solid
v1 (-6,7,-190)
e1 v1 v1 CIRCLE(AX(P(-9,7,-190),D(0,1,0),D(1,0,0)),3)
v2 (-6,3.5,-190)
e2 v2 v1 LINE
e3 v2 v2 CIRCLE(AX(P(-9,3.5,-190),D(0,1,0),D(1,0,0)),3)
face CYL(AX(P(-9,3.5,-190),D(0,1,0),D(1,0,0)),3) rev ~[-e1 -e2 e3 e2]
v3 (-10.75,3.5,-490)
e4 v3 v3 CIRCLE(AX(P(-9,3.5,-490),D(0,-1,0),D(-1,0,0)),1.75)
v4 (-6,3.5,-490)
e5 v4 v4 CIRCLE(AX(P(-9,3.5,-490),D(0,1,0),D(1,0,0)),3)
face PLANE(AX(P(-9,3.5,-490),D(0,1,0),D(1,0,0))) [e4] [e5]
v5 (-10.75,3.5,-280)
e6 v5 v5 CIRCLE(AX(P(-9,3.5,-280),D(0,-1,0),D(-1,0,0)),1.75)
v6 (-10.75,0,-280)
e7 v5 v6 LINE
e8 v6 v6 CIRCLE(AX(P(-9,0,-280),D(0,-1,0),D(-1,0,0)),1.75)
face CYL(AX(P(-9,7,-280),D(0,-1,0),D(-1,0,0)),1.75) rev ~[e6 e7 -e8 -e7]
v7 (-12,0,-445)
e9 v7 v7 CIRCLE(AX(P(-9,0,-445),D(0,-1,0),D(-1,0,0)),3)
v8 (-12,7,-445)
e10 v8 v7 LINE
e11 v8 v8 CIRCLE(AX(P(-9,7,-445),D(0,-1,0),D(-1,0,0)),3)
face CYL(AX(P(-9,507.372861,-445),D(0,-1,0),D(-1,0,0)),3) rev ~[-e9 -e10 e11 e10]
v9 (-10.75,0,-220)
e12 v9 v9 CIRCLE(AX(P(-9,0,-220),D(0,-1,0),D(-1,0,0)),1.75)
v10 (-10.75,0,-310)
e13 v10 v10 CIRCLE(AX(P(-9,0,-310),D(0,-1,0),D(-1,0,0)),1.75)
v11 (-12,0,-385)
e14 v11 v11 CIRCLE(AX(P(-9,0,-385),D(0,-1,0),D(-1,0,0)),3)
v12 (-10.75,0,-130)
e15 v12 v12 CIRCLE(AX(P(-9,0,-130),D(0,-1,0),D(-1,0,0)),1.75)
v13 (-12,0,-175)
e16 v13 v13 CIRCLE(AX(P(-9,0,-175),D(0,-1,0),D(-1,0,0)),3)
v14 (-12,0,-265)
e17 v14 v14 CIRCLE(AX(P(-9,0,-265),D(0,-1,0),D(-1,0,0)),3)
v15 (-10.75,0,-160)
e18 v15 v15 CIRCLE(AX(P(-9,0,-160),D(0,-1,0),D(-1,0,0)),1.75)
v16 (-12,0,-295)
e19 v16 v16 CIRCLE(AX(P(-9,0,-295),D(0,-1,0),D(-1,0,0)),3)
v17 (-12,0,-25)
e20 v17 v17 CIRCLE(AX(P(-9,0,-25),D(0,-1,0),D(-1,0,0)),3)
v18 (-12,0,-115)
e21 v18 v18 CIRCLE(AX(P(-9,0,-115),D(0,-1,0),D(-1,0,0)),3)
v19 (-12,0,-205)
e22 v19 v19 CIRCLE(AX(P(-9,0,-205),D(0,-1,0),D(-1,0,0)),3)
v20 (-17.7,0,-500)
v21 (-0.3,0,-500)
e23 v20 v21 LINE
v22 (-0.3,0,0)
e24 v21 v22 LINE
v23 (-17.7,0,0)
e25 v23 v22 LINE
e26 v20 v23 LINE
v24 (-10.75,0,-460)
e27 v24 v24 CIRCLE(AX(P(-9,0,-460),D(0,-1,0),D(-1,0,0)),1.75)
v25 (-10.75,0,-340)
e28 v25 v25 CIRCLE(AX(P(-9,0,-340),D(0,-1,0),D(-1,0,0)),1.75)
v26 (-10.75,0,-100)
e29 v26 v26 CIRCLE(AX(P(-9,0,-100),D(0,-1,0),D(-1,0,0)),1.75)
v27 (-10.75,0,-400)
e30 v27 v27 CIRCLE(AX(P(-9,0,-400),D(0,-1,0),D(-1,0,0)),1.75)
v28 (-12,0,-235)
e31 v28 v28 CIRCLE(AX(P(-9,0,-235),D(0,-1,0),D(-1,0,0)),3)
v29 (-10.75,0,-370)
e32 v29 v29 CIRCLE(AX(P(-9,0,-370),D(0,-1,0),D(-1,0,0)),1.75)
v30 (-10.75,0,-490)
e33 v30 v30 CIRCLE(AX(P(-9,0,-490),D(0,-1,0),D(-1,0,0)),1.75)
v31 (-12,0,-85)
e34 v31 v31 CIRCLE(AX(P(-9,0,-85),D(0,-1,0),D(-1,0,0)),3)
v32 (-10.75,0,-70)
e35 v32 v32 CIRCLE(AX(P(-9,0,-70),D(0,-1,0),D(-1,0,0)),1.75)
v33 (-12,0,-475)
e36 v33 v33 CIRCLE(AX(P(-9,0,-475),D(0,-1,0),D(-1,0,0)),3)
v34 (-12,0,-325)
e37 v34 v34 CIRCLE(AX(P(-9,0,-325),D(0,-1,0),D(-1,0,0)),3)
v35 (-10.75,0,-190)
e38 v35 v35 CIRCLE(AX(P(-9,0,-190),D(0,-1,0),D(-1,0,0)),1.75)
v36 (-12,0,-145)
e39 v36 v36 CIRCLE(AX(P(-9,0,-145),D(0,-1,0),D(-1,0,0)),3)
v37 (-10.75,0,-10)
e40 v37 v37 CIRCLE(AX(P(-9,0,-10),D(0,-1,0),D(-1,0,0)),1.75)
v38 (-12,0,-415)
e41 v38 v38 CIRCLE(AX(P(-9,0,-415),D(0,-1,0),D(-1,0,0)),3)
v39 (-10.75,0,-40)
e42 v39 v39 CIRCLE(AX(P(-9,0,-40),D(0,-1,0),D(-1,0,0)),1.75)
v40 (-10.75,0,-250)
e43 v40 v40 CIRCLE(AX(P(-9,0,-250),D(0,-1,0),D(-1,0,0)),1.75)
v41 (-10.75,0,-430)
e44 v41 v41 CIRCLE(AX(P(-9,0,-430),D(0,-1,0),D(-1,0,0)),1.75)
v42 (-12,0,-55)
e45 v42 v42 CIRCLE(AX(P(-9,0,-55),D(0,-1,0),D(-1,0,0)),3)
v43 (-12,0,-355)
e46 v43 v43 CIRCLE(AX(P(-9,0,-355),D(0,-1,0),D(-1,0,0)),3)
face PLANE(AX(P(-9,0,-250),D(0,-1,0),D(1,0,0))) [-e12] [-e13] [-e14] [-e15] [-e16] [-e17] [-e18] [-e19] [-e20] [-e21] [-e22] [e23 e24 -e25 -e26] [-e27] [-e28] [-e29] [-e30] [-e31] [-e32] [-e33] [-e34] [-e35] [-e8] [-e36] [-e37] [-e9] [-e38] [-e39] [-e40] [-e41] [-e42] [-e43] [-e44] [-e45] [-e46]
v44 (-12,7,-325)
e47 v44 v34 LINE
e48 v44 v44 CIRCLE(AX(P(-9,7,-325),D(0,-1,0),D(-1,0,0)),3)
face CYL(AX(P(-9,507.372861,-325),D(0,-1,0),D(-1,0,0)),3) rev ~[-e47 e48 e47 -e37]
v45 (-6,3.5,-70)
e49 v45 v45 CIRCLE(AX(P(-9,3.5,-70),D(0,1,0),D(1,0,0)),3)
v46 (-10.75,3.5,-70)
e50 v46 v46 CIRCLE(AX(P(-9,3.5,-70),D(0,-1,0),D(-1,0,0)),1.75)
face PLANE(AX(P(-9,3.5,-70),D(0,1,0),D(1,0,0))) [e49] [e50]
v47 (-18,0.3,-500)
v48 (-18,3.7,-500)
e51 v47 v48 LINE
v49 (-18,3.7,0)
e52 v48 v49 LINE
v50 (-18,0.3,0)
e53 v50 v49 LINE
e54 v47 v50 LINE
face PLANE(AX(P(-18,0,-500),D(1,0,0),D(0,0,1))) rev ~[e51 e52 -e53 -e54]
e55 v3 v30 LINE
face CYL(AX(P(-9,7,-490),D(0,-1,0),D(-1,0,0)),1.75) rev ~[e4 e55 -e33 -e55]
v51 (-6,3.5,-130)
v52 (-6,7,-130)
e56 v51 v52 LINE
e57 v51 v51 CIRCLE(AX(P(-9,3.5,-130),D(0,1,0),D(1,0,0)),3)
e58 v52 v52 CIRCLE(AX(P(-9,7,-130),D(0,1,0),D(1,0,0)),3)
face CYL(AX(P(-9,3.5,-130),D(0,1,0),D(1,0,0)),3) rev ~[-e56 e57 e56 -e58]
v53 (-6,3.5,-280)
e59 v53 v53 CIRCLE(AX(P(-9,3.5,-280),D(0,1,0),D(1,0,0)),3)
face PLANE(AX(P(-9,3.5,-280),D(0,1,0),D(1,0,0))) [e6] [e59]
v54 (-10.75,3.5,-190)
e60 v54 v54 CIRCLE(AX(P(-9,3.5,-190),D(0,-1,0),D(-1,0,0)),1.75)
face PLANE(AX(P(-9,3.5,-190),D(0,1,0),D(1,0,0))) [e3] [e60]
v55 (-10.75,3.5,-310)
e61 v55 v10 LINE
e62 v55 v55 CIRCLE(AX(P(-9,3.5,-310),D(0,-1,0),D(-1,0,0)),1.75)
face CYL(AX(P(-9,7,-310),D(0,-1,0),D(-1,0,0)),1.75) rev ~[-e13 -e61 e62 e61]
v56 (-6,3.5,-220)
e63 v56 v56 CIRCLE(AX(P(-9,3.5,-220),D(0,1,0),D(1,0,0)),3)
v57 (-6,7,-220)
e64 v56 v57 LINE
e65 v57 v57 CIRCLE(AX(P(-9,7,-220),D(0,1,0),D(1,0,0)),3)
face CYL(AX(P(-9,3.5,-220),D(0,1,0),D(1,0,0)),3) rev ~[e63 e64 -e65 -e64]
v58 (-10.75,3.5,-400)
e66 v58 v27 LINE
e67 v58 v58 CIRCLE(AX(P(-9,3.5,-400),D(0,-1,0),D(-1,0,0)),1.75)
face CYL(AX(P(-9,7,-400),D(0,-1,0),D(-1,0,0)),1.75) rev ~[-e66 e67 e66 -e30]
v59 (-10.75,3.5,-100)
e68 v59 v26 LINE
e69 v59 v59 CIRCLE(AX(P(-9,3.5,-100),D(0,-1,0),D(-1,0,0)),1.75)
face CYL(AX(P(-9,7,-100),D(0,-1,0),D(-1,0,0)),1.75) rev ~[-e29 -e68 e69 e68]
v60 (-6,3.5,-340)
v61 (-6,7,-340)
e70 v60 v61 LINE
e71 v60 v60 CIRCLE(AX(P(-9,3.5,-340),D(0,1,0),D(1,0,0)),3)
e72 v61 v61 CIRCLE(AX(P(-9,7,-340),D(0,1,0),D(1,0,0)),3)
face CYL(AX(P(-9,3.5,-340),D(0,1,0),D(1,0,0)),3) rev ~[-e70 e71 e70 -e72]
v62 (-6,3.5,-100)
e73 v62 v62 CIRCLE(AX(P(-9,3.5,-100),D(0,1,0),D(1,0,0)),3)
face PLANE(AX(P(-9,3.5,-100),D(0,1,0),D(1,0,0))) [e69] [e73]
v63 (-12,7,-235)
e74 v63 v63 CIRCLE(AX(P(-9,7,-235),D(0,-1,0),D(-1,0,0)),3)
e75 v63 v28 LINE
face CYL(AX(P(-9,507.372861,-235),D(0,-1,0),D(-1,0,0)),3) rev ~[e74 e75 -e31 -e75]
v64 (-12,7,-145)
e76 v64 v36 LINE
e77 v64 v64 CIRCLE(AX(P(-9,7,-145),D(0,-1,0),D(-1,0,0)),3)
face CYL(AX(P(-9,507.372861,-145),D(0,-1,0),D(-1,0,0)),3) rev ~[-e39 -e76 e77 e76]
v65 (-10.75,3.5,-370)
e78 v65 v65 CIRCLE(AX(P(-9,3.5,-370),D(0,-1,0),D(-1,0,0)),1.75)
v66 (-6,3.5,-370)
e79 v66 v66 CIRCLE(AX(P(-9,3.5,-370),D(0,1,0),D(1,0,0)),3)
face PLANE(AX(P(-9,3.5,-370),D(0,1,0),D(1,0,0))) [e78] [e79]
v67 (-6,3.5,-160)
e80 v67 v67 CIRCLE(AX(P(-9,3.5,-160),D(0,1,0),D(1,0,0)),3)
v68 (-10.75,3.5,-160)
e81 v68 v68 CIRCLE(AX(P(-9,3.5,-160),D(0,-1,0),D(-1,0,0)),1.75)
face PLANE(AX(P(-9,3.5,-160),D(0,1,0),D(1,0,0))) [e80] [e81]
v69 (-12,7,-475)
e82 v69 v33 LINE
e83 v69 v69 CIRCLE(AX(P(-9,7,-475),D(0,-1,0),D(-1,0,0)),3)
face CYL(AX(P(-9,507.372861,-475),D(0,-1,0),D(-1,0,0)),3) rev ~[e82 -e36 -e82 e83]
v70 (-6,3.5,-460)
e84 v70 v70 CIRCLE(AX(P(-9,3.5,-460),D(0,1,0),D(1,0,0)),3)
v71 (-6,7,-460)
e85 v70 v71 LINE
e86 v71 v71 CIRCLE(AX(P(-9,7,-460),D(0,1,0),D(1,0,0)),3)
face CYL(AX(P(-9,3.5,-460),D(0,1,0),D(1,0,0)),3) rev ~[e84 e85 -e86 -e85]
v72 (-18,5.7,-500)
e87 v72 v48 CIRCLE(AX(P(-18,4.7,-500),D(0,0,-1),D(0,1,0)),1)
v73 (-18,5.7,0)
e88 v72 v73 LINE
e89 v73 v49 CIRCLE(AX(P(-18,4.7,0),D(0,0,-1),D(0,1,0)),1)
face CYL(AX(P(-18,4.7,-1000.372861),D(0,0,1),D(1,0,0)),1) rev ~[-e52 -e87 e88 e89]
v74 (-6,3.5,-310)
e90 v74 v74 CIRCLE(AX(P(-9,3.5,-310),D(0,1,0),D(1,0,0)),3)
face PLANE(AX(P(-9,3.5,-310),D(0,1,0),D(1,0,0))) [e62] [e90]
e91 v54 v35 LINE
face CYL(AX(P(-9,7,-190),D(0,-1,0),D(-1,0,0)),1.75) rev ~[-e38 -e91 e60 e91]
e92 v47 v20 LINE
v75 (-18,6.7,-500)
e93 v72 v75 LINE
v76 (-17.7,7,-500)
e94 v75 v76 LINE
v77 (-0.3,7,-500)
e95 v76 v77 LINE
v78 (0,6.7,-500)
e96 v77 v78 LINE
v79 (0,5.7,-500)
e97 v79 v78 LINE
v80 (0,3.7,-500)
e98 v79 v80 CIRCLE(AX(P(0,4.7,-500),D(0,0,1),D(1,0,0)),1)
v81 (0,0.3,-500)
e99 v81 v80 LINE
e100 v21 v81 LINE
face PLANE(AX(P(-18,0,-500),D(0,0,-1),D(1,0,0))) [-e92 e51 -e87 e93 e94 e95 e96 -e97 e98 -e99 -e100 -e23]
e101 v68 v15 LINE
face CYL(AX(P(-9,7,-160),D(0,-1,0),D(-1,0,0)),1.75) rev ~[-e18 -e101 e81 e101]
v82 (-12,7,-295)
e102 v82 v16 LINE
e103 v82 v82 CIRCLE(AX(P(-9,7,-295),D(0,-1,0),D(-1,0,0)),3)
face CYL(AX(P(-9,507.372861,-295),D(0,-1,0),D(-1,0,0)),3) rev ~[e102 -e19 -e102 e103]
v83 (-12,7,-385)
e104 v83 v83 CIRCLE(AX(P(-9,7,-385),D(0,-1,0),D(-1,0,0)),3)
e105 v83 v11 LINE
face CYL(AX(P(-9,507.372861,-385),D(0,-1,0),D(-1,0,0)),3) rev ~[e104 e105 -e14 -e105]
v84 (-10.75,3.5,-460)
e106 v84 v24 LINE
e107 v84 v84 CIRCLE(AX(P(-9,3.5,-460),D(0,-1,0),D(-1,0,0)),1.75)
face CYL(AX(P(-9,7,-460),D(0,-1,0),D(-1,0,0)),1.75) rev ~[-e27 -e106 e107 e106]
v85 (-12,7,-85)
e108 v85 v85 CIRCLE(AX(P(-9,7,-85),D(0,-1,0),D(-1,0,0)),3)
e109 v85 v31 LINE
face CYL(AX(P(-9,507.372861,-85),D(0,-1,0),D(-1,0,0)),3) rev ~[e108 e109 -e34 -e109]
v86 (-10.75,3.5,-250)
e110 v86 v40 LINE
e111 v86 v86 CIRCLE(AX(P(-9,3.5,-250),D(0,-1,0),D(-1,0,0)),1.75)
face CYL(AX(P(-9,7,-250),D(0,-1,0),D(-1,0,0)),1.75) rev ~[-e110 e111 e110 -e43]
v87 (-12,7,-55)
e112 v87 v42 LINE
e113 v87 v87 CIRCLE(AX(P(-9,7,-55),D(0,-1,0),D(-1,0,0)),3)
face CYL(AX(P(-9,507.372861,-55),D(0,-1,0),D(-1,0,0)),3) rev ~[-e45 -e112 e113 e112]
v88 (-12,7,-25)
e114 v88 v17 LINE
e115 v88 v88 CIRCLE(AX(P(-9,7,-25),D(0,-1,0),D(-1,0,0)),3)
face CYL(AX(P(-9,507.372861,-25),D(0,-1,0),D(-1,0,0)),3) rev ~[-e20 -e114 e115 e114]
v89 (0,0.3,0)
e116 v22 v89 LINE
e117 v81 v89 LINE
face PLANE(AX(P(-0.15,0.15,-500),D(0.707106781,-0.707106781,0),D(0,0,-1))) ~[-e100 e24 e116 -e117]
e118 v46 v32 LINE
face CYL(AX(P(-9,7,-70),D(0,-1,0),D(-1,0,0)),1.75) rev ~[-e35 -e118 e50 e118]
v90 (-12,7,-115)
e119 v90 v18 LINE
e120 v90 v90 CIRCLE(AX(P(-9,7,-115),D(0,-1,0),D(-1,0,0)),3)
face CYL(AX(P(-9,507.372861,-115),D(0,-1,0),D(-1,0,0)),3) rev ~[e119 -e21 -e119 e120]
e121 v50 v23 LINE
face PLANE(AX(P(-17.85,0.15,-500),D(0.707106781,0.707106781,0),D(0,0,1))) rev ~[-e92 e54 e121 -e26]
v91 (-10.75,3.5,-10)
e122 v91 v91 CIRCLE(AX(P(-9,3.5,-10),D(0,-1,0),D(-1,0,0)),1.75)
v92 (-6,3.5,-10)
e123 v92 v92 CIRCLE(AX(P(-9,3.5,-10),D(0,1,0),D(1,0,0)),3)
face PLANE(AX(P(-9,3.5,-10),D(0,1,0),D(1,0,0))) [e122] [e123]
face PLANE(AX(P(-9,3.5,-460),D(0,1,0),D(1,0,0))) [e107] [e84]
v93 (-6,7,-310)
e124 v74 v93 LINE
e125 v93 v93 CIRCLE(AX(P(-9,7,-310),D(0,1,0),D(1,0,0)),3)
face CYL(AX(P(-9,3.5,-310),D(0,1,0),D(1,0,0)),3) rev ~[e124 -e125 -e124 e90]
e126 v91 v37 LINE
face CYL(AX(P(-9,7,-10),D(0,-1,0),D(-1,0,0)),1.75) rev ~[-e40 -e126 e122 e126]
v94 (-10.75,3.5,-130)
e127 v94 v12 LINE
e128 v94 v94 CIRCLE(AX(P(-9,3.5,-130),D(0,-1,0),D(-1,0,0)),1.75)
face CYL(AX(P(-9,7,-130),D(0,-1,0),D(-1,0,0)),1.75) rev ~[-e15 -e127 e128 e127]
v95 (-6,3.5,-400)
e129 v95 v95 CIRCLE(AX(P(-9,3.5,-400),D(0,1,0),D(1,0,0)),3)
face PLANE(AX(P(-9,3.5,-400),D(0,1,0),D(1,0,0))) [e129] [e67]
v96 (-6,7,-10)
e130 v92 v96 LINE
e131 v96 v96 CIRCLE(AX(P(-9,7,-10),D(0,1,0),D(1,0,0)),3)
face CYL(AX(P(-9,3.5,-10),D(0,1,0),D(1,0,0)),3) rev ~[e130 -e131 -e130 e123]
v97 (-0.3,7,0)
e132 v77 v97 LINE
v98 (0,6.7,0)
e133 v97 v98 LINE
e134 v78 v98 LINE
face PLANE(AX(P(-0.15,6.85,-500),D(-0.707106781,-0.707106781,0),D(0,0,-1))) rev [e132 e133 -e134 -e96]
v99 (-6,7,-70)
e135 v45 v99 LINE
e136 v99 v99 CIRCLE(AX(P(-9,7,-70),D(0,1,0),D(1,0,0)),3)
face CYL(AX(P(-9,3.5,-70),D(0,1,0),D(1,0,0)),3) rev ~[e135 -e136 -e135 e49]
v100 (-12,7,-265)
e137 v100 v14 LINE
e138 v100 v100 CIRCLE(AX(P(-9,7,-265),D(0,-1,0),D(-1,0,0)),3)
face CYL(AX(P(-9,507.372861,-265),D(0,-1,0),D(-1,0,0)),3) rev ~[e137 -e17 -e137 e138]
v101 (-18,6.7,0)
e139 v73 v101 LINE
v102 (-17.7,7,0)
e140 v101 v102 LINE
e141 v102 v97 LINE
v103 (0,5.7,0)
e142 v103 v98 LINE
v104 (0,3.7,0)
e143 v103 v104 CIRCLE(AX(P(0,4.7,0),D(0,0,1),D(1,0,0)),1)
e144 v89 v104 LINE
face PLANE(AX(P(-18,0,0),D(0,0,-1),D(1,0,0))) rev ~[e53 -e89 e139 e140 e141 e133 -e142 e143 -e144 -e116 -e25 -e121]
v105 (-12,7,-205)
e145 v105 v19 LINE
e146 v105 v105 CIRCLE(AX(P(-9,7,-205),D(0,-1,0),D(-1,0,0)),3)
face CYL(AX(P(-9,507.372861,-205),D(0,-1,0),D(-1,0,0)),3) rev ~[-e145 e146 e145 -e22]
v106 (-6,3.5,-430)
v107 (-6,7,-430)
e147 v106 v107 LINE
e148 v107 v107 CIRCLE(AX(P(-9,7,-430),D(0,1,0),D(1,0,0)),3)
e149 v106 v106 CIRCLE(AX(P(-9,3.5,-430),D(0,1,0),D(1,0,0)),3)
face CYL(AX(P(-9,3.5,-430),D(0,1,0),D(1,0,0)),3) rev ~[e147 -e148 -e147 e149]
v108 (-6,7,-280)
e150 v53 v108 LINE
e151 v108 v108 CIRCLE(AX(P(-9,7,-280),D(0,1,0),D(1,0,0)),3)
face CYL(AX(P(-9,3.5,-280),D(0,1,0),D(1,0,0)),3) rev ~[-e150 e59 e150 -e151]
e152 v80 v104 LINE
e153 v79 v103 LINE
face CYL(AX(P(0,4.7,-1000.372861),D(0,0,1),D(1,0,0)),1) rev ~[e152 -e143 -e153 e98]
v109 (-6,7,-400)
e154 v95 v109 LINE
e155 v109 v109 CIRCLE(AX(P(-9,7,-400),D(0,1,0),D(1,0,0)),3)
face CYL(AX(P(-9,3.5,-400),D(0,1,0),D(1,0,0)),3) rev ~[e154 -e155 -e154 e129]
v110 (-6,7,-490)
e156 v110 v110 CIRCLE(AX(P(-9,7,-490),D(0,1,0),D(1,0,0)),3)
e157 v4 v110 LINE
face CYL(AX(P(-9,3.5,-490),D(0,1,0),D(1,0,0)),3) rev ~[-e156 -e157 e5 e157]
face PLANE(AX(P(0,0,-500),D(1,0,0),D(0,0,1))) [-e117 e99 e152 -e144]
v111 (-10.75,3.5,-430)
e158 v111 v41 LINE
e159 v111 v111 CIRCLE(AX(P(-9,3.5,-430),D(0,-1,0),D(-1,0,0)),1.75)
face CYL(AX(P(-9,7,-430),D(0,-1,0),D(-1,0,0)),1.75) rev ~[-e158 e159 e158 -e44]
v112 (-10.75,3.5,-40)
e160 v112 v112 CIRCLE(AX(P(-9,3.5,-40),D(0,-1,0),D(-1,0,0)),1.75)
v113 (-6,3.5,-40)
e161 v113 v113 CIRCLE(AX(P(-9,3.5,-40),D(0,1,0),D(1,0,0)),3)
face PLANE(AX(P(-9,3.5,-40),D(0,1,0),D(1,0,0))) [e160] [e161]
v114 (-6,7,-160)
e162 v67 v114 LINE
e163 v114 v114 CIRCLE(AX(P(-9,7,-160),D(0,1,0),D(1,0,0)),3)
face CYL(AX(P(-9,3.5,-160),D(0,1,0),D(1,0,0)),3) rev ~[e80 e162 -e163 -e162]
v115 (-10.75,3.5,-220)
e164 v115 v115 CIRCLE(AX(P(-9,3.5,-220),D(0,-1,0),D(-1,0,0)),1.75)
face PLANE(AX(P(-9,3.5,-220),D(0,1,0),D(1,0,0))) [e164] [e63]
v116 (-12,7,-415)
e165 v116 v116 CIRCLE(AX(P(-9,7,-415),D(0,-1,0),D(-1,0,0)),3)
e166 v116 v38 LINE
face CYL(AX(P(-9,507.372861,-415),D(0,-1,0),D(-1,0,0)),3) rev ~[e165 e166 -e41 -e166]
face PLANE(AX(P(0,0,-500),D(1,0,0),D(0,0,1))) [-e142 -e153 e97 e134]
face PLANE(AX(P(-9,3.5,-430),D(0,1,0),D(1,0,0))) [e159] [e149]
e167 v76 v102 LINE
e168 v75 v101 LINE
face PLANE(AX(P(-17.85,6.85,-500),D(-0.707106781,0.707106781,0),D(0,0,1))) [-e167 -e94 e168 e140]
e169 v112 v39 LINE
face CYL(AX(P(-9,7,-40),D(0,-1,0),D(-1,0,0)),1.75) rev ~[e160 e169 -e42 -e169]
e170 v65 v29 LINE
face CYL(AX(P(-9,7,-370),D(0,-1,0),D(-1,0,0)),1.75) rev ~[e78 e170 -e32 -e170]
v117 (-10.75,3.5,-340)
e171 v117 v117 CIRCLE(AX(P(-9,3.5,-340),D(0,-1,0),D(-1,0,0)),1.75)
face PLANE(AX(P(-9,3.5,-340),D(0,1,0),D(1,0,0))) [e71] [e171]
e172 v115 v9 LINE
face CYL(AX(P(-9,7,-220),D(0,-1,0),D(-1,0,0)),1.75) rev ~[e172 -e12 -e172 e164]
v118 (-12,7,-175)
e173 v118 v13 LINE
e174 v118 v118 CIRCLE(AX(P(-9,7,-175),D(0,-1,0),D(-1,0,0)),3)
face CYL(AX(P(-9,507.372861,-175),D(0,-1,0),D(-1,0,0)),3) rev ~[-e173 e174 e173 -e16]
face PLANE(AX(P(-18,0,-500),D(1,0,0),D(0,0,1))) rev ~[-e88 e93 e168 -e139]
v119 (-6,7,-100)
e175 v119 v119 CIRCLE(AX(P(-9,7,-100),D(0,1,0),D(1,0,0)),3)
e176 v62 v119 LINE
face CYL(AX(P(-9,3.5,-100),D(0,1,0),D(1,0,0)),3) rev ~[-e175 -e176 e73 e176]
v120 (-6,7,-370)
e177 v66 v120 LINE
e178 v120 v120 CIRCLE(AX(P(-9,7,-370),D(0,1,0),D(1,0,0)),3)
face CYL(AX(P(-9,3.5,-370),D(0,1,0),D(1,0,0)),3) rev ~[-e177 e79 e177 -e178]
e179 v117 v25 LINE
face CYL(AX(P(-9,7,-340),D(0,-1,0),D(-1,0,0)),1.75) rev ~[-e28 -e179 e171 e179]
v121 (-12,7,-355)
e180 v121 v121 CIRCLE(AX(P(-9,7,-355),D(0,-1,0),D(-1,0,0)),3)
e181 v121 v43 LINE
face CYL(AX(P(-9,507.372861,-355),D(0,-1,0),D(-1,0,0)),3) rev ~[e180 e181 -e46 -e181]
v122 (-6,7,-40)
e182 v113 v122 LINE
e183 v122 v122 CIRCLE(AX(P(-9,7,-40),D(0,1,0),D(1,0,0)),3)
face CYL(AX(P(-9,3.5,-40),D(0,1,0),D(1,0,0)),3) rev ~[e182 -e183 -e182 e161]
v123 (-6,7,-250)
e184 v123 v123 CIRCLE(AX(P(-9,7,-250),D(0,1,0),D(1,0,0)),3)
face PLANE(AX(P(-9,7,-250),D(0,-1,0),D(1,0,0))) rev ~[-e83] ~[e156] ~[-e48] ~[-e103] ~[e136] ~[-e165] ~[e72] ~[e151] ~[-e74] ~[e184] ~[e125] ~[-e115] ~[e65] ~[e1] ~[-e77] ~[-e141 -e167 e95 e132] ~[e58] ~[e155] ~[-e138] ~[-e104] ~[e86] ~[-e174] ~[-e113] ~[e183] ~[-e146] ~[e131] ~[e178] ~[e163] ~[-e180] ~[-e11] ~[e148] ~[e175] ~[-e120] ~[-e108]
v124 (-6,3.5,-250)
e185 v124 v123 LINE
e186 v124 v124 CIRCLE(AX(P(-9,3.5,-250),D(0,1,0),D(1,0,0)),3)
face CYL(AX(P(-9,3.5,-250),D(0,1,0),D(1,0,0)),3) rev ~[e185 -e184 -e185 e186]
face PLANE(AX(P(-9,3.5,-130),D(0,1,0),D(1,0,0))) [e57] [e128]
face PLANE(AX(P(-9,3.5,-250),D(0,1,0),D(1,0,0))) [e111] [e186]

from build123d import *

# Parameters (mm, degrees)
ESBO_O1_W                                            = 18
ESBO_O1_H                                            = 500
RESSALTO_EXTRUS_O1_DEPTH                             = 7
FURO_DE_DI_METRO_2_0_2_1_D                           = 2
FURO_DE_DI_METRO_6_0_6_1_D                           = 6
REBAIXO_PARA_PARAFUSO_DE_M_QUINA_DE_CABE_D           = 3.5
REBAIXO_PARA_PARAFUSO_DE_M_QUINA_DE_CABE_CBORE_D     = 6
REBAIXO_PARA_PARAFUSO_DE_M_QUINA_DE_CABE_CBORE_DEPTH = 3.5
PADR_O_LINEAR1_COUNT                                 = 16
PADR_O_LINEAR1_PITCH                                 = 30
PADR_O_LINEAR2_COUNT                                 = 17
PADR_O_LINEAR2_PITCH                                 = 30
CHANFRO1_SIZE                                        = 0.3


with BuildPart() as part:
    # Esboço1 → Ressalto-extrusão1 (new body)
    with BuildSketch(Plane.XZ):
        with Locations((-9, -250)):
            Rectangle(ESBO_O1_W, ESBO_O1_H)
    extrude(amount=-RESSALTO_EXTRUS_O1_DEPTH)

    # Furo de diâmetro Ø2.0 (2)1 (through all)
    with Locations(Plane(origin=(0, 0, -500), x_dir=(-1, 0, 0), z_dir=(0, 0, -1))):
        with Locations((0, 4.7), (18, 4.7)):
            Hole(FURO_DE_DI_METRO_2_0_2_1_D / 2)

    # Furo de diâmetro Ø6.0 (6)1 (through all)
    with Locations(Plane(origin=(0, 7, 0), x_dir=(1, 0, 0), z_dir=(0, 1, 0))):
        with Locations((-9, 25)):
            furo_de_di_metro_6_0_6_1 = Hole(FURO_DE_DI_METRO_6_0_6_1_D / 2)

    # Rebaixo para parafuso de máquina de cabeça sextavada de M31 (through all)
    with Locations(Plane(origin=(0, 7, 0), x_dir=(1, 0, 0), z_dir=(0, 1, 0))):
        with Locations((-9, 10)):
            rebaixo_para_parafuso_de_m_quina_de_cabe = CounterBoreHole(REBAIXO_PARA_PARAFUSO_DE_M_QUINA_DE_CABE_D / 2, REBAIXO_PARA_PARAFUSO_DE_M_QUINA_DE_CABE_CBORE_D / 2, REBAIXO_PARA_PARAFUSO_DE_M_QUINA_DE_CABE_CBORE_DEPTH)

    # Padrão linear1: Furo de diâmetro Ø6.0 (6)1 ×16
    with Locations(*[(0, 0, -i * PADR_O_LINEAR1_PITCH) for i in range(1, PADR_O_LINEAR1_COUNT)]):
        add(furo_de_di_metro_6_0_6_1, mode=Mode.SUBTRACT)

    # Padrão linear2: Rebaixo para parafuso de máquina de cabeça sextavada de M31 ×17
    with Locations(*[(0, 0, -i * PADR_O_LINEAR2_PITCH) for i in range(1, PADR_O_LINEAR2_COUNT)]):
        add(rebaixo_para_parafuso_de_m_quina_de_cabe, mode=Mode.SUBTRACT)

    # Chanfro1
    chanfro1_edges = [part.edges().sort_by_distance(p)[0] for p in [
        (0, 7, -250),
        (-18, 7, -250),
        (0, 0, -250),
        (-18, 0, -250),
    ]]
    chamfer(chanfro1_edges, length=CHANFRO1_SIZE)


solid = part.part
